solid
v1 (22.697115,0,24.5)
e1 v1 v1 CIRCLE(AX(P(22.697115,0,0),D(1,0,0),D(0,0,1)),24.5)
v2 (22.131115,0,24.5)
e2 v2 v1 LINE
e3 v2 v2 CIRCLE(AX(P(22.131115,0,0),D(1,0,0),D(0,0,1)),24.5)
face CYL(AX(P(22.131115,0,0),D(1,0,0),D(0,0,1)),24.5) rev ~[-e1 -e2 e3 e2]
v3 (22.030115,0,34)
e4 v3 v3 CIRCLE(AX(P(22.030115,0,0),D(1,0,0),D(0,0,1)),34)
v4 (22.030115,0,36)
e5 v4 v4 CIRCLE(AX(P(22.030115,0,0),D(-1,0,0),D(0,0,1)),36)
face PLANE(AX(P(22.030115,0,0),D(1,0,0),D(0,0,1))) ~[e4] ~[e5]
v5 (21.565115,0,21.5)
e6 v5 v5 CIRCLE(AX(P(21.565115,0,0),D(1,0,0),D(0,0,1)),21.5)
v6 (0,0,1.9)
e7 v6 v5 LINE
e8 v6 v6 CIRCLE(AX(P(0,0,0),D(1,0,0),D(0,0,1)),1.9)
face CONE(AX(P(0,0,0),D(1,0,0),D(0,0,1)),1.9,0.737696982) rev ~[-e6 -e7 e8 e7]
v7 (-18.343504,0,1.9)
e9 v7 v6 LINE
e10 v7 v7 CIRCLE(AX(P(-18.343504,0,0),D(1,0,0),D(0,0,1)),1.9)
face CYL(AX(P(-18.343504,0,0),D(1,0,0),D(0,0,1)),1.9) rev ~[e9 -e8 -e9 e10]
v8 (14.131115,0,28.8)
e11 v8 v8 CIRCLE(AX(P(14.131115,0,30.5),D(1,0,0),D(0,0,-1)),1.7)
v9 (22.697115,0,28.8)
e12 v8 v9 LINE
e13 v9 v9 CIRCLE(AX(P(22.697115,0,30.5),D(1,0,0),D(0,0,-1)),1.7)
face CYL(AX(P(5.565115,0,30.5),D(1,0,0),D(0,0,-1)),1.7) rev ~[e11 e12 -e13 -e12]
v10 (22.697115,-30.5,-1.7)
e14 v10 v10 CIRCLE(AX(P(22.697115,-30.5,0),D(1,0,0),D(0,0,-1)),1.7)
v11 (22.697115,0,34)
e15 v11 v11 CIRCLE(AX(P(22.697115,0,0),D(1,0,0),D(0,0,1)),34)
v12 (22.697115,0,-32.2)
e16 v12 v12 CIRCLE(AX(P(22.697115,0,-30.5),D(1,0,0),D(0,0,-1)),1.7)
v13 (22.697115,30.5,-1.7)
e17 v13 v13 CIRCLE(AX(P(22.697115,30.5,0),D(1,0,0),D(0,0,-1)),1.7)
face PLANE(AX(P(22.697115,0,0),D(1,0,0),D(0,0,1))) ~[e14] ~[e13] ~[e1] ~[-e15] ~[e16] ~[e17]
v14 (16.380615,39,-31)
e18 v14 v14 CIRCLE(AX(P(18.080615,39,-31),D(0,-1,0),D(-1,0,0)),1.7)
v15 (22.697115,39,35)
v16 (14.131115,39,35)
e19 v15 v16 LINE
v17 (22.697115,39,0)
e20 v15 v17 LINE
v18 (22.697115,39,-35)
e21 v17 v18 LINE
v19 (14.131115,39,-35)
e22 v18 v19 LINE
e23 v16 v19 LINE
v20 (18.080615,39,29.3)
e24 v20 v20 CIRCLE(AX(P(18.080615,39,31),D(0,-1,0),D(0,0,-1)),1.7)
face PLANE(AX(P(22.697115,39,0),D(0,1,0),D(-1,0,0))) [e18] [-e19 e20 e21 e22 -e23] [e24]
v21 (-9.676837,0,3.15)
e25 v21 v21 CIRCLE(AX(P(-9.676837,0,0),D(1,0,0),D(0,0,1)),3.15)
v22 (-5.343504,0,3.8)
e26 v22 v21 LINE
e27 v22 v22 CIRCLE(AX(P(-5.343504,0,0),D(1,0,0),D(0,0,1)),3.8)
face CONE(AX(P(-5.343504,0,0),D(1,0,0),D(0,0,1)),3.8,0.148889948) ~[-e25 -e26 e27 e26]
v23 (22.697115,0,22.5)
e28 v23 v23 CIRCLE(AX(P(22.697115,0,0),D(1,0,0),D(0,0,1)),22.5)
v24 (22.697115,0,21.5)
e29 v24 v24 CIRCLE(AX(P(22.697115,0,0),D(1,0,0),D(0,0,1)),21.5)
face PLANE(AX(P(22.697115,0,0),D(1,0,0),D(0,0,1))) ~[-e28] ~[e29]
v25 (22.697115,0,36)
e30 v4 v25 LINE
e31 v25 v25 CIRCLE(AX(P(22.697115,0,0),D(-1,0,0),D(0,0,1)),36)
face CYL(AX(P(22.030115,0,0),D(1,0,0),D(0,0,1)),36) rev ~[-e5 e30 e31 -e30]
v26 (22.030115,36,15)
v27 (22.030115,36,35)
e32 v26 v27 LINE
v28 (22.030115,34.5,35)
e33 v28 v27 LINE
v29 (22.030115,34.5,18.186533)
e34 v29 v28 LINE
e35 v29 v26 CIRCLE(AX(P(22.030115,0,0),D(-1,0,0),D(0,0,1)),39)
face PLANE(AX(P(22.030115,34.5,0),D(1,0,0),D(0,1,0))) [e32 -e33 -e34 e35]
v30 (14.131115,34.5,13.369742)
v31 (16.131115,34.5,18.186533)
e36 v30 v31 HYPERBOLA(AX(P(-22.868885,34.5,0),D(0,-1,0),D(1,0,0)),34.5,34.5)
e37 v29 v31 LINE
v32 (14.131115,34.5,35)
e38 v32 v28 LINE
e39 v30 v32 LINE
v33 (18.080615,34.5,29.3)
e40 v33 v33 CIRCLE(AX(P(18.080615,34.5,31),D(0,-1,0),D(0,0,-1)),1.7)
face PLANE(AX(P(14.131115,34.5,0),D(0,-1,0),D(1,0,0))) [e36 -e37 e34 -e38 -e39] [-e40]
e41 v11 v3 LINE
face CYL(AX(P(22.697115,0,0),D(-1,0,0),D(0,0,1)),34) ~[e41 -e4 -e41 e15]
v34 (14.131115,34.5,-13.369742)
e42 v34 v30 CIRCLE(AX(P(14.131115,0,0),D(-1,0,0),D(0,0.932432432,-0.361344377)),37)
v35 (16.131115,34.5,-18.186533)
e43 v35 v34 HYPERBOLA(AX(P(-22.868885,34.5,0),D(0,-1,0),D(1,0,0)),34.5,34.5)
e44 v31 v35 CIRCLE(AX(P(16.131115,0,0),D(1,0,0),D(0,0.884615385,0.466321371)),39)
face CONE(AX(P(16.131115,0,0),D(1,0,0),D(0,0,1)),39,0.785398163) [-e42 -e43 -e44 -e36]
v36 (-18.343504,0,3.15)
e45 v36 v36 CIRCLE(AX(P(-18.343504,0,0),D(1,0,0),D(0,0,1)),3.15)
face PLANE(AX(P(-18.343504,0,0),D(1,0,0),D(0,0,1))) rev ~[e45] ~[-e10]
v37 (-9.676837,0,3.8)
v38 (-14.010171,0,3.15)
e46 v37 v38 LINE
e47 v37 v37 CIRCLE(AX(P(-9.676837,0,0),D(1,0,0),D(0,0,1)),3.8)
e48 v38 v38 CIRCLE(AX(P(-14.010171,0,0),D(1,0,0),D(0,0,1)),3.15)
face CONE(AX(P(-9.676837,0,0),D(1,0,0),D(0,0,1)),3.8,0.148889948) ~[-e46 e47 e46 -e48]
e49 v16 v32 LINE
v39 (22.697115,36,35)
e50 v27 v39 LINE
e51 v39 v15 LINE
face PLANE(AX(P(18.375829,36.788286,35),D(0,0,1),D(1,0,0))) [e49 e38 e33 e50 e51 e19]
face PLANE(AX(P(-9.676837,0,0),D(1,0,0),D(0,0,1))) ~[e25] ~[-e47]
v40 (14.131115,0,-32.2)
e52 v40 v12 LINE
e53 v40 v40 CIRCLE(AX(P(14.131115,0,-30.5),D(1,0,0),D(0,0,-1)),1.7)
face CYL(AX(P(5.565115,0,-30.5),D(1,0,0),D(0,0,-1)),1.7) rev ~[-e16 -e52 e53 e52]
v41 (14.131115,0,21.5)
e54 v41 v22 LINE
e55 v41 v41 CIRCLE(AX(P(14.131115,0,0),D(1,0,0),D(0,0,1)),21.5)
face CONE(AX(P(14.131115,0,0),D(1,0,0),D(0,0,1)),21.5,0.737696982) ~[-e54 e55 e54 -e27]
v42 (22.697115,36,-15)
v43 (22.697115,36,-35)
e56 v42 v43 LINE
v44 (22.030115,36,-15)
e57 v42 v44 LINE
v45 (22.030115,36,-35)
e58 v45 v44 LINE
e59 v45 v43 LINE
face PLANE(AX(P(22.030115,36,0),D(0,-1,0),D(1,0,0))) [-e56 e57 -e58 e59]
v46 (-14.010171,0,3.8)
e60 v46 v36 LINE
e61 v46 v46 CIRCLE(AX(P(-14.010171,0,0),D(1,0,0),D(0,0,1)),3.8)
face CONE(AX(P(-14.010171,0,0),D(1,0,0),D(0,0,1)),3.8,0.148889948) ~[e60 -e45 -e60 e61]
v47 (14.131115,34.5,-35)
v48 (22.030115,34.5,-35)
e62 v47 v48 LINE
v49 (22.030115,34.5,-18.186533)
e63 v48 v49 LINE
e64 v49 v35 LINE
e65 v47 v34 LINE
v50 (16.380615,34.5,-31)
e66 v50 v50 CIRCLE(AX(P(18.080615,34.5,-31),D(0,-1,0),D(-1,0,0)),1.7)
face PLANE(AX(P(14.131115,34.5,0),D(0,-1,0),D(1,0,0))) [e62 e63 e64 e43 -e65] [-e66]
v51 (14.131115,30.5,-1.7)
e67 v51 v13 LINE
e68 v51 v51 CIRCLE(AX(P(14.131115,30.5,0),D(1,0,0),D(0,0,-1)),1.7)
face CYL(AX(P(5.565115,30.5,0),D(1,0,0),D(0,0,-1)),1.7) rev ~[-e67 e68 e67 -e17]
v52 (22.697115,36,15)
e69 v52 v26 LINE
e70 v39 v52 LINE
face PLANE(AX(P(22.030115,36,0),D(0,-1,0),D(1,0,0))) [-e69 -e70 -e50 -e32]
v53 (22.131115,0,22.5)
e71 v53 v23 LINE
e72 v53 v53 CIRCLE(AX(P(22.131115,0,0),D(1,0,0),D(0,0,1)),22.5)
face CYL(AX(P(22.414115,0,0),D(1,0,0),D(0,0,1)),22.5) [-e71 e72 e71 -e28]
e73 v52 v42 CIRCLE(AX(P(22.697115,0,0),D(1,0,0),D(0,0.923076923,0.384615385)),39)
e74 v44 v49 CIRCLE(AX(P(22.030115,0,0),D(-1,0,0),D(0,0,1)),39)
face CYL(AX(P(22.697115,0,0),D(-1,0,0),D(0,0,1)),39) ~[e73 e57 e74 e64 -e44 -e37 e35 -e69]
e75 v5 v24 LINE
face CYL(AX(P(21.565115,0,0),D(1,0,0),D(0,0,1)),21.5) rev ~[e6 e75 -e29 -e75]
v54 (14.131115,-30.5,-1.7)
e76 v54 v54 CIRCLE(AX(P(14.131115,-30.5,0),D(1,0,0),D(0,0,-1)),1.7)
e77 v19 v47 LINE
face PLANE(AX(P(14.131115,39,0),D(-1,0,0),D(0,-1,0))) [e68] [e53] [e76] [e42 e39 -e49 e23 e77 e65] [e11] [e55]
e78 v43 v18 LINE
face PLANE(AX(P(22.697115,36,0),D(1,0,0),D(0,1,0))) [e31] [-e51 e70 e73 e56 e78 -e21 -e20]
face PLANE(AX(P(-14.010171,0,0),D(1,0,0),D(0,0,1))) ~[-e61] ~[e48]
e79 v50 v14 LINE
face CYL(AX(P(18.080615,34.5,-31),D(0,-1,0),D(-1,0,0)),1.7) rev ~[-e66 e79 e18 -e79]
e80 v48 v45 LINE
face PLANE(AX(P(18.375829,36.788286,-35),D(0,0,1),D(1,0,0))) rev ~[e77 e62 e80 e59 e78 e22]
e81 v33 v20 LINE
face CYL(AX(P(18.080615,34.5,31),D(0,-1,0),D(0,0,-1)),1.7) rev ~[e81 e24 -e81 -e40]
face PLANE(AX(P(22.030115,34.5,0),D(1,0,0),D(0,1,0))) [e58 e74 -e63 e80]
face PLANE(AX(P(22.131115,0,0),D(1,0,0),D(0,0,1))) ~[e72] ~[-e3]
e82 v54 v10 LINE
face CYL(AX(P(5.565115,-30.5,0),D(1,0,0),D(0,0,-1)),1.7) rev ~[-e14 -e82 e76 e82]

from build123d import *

# Parameters (mm, degrees)
SKETCH1_W                = 0.566
SKETCH1_H                = 1
M3_CLEARANCE_HOLE1_D     = 3.4
M3_CLEARANCE_HOLE1_DEPTH = 8.566
M3_CLEARANCE_HOLE1_TIP   = 1.021463052
CHAMFER1_SIZE            = 2
BOSS_EXTRUDE1_DEPTH      = 35
SKETCH9_R                = 1.7
CUT_EXTRUDE1_DEPTH       = 10


with BuildPart() as part:
    # Sketch1 → Revolve17 (revolve)
    with BuildSketch(Plane.XY, mode=Mode.PRIVATE) as revolve17_sk:
        Polygon((14.13111535, 39), (14.13111535, 34.5), (22.03011535, 34.5), (22.03011535, 36), (22.69711535, 36), (22.69711535, 39), align=None)
        Polygon((-14.010170791, 3.15), (-14.010170791, 3.8), (-18.343504124, 3.15), (-18.343504124, 1.9), (0, 1.9), (21.56511535, 21.5), (22.13111535, 21.5), (22.13111535, 22.5), (22.13111535, 24.5), (22.69711535, 24.5), (22.69711535, 34), (22.03011535, 34), (22.03011535, 34.5), (14.13111535, 34.5), (14.13111535, 21.5), (-5.343504124, 3.8), (-9.676837458, 3.15), (-9.676837458, 3.8), align=None)
        with Locations((22.41411535, 22)):
            Rectangle(SKETCH1_W, SKETCH1_H)
    revolve(revolve17_sk.sketch.rotate(Axis((-801.927103621, 0, 0), (1, 0, 0)), 90), axis=Axis((-801.927103621, 0, 0), (1, 0, 0)))

    # M3 Clearance Hole1
    with Locations(Plane.ZY.offset(-14.13111535)):
        with Locations((0, -30.5), (0, 30.5), (30.5, 0), (-30.5, 0)):
            Hole(M3_CLEARANCE_HOLE1_D / 2, depth=M3_CLEARANCE_HOLE1_DEPTH)
            with Locations((0, 0, -(M3_CLEARANCE_HOLE1_DEPTH + M3_CLEARANCE_HOLE1_TIP / 2))):  # 118° drill point
                Cone(0, M3_CLEARANCE_HOLE1_D / 2, M3_CLEARANCE_HOLE1_TIP, mode=Mode.SUBTRACT)

    # Chamfer1
    chamfer1_edges = [part.edges().sort_by_distance(p)[0] for p in [
        (14.13111535, 0, -39),
    ]]
    chamfer(chamfer1_edges, length=CHAMFER1_SIZE)

    # Sketch1<11> → Boss-Extrude1 (add, symmetric)
    with BuildSketch(Plane.XY):
        Polygon((14.13111535, 39), (14.13111535, 34.5), (22.03011535, 34.5), (22.03011535, 36), (22.69711535, 36), (22.69711535, 39), align=None)
    extrude(amount=BOSS_EXTRUDE1_DEPTH, both=True)

    # Sketch9 → Cut-Extrude1 (cut)
    with BuildSketch(Plane(origin=(0, 34.5, 0), x_dir=(-1, 0, 0), z_dir=(0, -1, 0))):
        with Locations(Location((-18.08061535, -31, 0), (0, 0, 90))):
            Circle(SKETCH9_R)
        with Locations((-18.08061535, 31)):
            Circle(SKETCH9_R)
    extrude(amount=-CUT_EXTRUDE1_DEPTH, mode=Mode.SUBTRACT)


solid = part.part
